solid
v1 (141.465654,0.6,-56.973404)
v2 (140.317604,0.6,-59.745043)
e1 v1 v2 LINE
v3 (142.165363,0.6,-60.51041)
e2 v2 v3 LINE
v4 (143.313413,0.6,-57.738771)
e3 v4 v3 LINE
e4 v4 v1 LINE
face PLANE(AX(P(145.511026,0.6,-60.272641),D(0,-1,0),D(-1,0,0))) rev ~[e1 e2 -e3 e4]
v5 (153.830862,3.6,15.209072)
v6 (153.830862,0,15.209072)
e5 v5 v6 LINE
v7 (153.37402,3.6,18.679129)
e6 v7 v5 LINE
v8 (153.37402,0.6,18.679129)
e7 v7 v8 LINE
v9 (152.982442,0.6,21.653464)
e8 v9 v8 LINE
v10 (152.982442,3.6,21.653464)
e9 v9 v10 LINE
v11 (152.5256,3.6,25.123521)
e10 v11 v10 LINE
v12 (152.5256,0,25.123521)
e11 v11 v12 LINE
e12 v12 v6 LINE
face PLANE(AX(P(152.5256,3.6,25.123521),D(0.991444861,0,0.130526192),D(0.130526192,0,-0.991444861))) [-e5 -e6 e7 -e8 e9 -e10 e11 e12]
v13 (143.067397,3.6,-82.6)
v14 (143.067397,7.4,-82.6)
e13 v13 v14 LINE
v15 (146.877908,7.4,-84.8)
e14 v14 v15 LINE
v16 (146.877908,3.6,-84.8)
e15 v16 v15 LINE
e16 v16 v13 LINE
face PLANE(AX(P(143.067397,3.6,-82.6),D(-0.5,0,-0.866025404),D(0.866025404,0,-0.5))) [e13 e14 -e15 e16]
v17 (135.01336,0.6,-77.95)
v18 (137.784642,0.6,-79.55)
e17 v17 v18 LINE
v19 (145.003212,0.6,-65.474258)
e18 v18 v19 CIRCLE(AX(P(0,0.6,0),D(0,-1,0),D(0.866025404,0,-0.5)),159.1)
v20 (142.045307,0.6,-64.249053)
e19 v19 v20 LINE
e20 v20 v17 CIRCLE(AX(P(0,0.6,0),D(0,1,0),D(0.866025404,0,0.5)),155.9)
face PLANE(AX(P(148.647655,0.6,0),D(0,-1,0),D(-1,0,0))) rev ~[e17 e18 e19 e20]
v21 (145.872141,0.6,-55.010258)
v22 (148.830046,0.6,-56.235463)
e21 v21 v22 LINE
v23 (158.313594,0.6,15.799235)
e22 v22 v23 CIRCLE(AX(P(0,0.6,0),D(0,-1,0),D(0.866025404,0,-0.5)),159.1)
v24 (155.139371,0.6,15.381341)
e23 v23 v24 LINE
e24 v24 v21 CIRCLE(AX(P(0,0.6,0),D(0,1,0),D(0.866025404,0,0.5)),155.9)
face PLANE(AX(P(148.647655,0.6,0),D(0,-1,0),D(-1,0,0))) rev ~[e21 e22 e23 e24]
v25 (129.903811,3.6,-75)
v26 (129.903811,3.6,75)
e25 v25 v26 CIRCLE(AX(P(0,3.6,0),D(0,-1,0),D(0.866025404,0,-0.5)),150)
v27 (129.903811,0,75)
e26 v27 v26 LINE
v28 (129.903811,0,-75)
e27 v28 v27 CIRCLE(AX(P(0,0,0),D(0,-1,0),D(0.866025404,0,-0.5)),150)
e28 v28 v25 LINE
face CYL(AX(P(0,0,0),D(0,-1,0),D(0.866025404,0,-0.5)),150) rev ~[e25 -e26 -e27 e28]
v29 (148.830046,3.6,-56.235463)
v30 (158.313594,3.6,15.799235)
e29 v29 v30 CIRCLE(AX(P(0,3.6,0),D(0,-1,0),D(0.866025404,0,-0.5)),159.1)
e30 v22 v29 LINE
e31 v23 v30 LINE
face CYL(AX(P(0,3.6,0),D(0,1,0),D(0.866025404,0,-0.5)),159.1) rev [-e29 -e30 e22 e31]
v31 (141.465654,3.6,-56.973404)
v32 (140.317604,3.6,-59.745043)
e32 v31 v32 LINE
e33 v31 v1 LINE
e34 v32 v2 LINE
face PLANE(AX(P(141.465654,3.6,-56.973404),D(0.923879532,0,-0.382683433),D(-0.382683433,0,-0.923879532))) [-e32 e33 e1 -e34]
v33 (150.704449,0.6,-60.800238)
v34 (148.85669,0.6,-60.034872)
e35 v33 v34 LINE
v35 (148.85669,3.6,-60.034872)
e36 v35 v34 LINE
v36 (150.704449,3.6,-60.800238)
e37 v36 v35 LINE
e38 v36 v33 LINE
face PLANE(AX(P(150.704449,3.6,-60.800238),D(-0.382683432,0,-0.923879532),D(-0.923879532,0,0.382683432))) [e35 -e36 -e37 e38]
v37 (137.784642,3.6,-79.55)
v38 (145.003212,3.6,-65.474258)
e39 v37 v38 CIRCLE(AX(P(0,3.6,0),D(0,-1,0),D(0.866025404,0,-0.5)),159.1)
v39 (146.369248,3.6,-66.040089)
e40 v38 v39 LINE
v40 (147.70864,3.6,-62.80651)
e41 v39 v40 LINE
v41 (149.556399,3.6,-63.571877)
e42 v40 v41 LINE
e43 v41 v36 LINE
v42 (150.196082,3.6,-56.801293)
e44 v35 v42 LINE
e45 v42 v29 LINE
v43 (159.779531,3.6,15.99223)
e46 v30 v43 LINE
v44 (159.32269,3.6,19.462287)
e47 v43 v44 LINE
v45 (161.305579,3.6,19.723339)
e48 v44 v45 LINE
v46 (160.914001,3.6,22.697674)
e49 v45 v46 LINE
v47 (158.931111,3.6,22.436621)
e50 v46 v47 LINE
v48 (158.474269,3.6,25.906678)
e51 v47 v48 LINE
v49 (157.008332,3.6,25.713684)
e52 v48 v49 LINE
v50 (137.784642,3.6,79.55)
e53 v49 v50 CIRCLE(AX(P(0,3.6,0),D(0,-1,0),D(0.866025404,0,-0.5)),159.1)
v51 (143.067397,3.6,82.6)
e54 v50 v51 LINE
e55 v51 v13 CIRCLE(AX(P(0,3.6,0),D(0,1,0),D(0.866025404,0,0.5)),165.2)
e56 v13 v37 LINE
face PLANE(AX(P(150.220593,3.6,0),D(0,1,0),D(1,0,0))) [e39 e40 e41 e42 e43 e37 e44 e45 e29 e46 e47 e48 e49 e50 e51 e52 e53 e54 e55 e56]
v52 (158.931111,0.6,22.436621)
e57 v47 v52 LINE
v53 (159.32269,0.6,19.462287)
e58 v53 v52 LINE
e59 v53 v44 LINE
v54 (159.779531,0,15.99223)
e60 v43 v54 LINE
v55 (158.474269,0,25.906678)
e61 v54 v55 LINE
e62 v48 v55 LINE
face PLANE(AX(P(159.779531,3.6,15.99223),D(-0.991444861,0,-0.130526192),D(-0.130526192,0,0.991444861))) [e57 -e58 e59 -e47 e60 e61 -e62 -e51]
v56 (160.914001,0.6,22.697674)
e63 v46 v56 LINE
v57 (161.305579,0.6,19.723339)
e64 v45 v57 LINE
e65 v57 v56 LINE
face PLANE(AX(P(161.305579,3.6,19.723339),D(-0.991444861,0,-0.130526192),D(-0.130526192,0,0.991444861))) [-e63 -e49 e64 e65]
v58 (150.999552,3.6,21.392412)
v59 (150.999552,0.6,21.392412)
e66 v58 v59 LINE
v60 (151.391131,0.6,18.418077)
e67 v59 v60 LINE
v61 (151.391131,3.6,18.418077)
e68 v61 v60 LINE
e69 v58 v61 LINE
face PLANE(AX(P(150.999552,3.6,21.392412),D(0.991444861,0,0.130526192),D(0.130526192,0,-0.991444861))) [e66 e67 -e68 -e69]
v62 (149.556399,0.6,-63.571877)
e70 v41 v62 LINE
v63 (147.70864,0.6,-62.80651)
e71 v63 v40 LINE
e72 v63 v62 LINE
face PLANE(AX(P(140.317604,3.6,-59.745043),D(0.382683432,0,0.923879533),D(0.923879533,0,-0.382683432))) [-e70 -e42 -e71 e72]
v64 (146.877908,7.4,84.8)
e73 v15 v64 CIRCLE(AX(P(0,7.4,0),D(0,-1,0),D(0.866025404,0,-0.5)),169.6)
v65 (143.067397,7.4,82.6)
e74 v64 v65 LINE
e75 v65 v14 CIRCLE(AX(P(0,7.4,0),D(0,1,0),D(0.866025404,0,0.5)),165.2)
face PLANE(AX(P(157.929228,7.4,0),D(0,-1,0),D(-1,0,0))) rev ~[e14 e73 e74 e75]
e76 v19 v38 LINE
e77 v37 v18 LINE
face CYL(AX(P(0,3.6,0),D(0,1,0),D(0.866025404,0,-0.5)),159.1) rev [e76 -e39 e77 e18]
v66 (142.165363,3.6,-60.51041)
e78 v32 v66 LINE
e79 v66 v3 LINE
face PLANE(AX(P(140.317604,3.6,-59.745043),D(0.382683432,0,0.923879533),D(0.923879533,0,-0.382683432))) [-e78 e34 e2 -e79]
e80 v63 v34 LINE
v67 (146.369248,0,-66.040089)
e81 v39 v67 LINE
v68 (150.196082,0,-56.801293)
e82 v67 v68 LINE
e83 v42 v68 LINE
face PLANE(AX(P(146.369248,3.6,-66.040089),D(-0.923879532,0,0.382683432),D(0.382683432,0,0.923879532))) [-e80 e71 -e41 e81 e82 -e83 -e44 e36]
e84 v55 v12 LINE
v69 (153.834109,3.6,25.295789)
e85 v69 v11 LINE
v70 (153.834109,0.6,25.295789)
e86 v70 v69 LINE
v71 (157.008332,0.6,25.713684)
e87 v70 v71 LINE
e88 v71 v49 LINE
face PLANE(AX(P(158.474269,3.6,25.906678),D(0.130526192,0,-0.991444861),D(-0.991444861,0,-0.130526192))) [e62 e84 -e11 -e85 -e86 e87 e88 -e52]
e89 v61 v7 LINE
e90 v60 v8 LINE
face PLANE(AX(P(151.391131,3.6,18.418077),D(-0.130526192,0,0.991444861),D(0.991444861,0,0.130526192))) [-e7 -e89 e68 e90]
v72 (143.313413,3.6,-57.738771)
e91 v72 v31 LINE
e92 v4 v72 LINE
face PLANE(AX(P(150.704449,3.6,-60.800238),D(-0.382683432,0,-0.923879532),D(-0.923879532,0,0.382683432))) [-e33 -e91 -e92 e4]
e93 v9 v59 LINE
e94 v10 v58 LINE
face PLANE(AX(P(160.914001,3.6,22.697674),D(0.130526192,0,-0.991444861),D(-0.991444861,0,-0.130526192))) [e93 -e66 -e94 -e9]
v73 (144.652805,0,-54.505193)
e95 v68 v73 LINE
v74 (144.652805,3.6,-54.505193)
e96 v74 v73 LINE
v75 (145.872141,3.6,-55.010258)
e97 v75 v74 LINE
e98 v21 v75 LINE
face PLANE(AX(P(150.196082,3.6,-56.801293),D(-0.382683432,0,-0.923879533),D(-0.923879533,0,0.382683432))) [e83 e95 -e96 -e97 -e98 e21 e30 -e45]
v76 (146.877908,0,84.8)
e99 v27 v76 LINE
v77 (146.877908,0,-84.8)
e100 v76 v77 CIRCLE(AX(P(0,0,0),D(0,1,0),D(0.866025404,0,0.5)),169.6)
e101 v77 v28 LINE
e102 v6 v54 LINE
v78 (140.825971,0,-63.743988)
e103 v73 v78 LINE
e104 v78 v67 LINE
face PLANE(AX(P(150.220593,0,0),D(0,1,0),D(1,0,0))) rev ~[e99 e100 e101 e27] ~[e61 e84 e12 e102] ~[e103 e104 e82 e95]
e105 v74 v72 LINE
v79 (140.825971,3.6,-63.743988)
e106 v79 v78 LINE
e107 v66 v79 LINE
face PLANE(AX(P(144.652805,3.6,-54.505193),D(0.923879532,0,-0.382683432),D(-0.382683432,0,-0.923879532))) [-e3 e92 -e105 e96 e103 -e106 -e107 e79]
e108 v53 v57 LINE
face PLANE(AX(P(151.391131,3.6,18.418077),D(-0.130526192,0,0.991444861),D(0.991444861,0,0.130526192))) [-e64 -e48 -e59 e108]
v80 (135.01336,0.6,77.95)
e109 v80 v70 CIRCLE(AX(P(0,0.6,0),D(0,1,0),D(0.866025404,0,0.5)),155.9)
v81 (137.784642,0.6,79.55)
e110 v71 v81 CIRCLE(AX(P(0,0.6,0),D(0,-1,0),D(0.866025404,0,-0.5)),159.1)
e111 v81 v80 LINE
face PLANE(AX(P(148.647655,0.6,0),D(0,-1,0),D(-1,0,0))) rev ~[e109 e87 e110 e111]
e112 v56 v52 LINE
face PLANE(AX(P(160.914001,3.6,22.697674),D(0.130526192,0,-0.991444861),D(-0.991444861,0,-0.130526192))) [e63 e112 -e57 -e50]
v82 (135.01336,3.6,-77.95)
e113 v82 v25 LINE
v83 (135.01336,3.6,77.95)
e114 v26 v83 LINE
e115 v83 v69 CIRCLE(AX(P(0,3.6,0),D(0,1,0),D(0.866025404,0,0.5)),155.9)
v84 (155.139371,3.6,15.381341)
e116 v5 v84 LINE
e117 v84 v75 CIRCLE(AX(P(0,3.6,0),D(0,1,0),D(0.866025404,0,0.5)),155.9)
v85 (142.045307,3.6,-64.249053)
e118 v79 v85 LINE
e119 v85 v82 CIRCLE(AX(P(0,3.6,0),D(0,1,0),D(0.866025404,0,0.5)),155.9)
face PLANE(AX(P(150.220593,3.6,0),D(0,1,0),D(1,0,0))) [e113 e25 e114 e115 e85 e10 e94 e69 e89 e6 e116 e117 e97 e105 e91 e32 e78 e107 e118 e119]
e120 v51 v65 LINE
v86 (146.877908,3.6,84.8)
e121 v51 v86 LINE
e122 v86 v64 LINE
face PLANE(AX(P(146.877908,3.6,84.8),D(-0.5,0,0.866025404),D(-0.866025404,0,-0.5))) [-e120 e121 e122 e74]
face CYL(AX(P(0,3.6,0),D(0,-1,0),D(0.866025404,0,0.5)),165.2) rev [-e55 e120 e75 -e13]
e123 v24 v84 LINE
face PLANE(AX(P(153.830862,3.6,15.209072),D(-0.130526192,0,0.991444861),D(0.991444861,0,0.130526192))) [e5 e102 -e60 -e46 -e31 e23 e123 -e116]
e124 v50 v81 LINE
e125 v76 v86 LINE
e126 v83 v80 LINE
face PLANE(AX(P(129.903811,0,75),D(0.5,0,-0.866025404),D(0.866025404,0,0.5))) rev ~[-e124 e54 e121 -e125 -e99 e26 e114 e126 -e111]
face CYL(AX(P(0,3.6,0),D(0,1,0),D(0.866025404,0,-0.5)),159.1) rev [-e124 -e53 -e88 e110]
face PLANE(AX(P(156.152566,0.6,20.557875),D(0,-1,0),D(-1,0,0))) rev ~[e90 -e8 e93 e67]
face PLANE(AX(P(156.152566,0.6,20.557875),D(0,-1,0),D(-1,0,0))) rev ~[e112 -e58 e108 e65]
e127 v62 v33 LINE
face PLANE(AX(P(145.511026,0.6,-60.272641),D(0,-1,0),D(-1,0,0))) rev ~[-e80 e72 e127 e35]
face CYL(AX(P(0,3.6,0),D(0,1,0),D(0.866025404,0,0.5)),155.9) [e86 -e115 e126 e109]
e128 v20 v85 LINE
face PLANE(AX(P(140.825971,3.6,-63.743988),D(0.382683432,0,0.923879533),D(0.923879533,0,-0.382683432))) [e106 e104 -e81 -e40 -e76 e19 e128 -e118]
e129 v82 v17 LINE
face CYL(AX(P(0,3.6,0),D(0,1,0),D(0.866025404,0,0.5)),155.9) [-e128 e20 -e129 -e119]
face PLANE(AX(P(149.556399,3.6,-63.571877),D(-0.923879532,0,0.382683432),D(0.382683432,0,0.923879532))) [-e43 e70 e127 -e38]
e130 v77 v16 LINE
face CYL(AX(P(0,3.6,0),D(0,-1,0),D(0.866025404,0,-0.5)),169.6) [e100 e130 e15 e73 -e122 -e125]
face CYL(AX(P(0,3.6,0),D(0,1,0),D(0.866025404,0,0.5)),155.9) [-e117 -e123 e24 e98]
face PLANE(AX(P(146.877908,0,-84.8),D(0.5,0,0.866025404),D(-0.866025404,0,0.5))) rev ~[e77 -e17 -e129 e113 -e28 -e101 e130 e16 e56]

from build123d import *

# Parameters (mm, degrees)
AUFSATZ_LINEAR_AUSTRAGEN1_DEPTH = 3.6
SCHNITT_LINEAR_AUSTRAGEN1_DEPTH = 3
SCHNITT_LINEAR_AUSTRAGEN2_DEPTH = 190.652735282
SCHNITT_LINEAR_AUSTRAGEN3_DEPTH = 3
AUFSATZ_LINEAR_AUSTRAGEN2_DEPTH = 3.8


with BuildPart() as part:
    # Skizze1 → Aufsatz-Linear austragen1 (new body)
    with BuildSketch(Plane(origin=(0, 0, 0), x_dir=(1, 0, 0), z_dir=(0, 1, 0))):
        with BuildLine():
            Line((146.877908482, 84.8), (129.903810568, 75))
            ThreePointArc((129.903810568, 75), (150, 0), (129.903810568, -75))
            Line((129.903810568, -75), (146.877908482, -84.8))
            ThreePointArc((146.877908482, -84.8), (169.6, 0), (146.877908482, 84.8))
        make_face()
    extrude(amount=AUFSATZ_LINEAR_AUSTRAGEN1_DEPTH)

    # Skizze2 → Schnitt-Linear austragen1 (cut)
    with BuildSketch(Plane(origin=(0, 3.6, 0), x_dir=(1, 0, 0), z_dir=(0, 1, 0))):
        with BuildLine():
            Line((135.01336045, 77.95), (137.784641742, 79.55))
            ThreePointArc((137.784641742, 79.55), (159.1, 0), (137.784641742, -79.55))
            Line((137.784641742, -79.55), (135.01336045, -77.95))
            ThreePointArc((135.01336045, -77.95), (155.9, 0), (135.01336045, 77.95))
        make_face()
    extrude(amount=-SCHNITT_LINEAR_AUSTRAGEN1_DEPTH, mode=Mode.SUBTRACT)

    # Skizze3 → Schnitt-Linear austragen2 (cut, through all)
    with BuildSketch(Plane(origin=(0, 3.6, 0), x_dir=(1, 0, 0), z_dir=(0, 1, 0))):
        Polygon((140.825970611, 63.743987963), (146.369247806, 66.040088557), (150.19608213, 56.801293232), (144.652804935, 54.505192638), align=None)
        Polygon((153.830862043, -15.209072391), (159.779531212, -15.992229544), (158.474269289, -25.906678158), (152.525600121, -25.123521005), align=None)
    extrude(amount=-SCHNITT_LINEAR_AUSTRAGEN2_DEPTH, mode=Mode.SUBTRACT)

    # Skizze4 → Schnitt-Linear austragen3 (cut)
    with BuildSketch(Plane(origin=(0, 3.6, 0), x_dir=(1, 0, 0), z_dir=(0, 1, 0))):
        Polygon((140.317603559, 59.745042734), (149.556398885, 63.571877058), (150.704449182, 60.800238461), (141.465653857, 56.973404137), align=None)
        Polygon((151.391130648, -18.418077021), (161.305579262, -19.723338944), (160.914000685, -22.697673528), (150.999552071, -21.392411606), align=None)
    extrude(amount=-SCHNITT_LINEAR_AUSTRAGEN3_DEPTH, mode=Mode.SUBTRACT)

    # Skizze5 → Aufsatz-Linear austragen2 (add)
    with BuildSketch(Plane(origin=(0, 3.6, 0), x_dir=(1, 0, 0), z_dir=(0, 1, 0))):
        with BuildLine():
            Line((143.067396705, 82.6), (146.877908482, 84.8))
            ThreePointArc((146.877908482, 84.8), (169.6, 0), (146.877908482, -84.8))
            Line((146.877908482, -84.8), (143.067396705, -82.6))
            ThreePointArc((143.067396705, -82.6), (165.2, 0), (143.067396705, 82.6))
        make_face()
    extrude(amount=AUFSATZ_LINEAR_AUSTRAGEN2_DEPTH)


solid = part.part
